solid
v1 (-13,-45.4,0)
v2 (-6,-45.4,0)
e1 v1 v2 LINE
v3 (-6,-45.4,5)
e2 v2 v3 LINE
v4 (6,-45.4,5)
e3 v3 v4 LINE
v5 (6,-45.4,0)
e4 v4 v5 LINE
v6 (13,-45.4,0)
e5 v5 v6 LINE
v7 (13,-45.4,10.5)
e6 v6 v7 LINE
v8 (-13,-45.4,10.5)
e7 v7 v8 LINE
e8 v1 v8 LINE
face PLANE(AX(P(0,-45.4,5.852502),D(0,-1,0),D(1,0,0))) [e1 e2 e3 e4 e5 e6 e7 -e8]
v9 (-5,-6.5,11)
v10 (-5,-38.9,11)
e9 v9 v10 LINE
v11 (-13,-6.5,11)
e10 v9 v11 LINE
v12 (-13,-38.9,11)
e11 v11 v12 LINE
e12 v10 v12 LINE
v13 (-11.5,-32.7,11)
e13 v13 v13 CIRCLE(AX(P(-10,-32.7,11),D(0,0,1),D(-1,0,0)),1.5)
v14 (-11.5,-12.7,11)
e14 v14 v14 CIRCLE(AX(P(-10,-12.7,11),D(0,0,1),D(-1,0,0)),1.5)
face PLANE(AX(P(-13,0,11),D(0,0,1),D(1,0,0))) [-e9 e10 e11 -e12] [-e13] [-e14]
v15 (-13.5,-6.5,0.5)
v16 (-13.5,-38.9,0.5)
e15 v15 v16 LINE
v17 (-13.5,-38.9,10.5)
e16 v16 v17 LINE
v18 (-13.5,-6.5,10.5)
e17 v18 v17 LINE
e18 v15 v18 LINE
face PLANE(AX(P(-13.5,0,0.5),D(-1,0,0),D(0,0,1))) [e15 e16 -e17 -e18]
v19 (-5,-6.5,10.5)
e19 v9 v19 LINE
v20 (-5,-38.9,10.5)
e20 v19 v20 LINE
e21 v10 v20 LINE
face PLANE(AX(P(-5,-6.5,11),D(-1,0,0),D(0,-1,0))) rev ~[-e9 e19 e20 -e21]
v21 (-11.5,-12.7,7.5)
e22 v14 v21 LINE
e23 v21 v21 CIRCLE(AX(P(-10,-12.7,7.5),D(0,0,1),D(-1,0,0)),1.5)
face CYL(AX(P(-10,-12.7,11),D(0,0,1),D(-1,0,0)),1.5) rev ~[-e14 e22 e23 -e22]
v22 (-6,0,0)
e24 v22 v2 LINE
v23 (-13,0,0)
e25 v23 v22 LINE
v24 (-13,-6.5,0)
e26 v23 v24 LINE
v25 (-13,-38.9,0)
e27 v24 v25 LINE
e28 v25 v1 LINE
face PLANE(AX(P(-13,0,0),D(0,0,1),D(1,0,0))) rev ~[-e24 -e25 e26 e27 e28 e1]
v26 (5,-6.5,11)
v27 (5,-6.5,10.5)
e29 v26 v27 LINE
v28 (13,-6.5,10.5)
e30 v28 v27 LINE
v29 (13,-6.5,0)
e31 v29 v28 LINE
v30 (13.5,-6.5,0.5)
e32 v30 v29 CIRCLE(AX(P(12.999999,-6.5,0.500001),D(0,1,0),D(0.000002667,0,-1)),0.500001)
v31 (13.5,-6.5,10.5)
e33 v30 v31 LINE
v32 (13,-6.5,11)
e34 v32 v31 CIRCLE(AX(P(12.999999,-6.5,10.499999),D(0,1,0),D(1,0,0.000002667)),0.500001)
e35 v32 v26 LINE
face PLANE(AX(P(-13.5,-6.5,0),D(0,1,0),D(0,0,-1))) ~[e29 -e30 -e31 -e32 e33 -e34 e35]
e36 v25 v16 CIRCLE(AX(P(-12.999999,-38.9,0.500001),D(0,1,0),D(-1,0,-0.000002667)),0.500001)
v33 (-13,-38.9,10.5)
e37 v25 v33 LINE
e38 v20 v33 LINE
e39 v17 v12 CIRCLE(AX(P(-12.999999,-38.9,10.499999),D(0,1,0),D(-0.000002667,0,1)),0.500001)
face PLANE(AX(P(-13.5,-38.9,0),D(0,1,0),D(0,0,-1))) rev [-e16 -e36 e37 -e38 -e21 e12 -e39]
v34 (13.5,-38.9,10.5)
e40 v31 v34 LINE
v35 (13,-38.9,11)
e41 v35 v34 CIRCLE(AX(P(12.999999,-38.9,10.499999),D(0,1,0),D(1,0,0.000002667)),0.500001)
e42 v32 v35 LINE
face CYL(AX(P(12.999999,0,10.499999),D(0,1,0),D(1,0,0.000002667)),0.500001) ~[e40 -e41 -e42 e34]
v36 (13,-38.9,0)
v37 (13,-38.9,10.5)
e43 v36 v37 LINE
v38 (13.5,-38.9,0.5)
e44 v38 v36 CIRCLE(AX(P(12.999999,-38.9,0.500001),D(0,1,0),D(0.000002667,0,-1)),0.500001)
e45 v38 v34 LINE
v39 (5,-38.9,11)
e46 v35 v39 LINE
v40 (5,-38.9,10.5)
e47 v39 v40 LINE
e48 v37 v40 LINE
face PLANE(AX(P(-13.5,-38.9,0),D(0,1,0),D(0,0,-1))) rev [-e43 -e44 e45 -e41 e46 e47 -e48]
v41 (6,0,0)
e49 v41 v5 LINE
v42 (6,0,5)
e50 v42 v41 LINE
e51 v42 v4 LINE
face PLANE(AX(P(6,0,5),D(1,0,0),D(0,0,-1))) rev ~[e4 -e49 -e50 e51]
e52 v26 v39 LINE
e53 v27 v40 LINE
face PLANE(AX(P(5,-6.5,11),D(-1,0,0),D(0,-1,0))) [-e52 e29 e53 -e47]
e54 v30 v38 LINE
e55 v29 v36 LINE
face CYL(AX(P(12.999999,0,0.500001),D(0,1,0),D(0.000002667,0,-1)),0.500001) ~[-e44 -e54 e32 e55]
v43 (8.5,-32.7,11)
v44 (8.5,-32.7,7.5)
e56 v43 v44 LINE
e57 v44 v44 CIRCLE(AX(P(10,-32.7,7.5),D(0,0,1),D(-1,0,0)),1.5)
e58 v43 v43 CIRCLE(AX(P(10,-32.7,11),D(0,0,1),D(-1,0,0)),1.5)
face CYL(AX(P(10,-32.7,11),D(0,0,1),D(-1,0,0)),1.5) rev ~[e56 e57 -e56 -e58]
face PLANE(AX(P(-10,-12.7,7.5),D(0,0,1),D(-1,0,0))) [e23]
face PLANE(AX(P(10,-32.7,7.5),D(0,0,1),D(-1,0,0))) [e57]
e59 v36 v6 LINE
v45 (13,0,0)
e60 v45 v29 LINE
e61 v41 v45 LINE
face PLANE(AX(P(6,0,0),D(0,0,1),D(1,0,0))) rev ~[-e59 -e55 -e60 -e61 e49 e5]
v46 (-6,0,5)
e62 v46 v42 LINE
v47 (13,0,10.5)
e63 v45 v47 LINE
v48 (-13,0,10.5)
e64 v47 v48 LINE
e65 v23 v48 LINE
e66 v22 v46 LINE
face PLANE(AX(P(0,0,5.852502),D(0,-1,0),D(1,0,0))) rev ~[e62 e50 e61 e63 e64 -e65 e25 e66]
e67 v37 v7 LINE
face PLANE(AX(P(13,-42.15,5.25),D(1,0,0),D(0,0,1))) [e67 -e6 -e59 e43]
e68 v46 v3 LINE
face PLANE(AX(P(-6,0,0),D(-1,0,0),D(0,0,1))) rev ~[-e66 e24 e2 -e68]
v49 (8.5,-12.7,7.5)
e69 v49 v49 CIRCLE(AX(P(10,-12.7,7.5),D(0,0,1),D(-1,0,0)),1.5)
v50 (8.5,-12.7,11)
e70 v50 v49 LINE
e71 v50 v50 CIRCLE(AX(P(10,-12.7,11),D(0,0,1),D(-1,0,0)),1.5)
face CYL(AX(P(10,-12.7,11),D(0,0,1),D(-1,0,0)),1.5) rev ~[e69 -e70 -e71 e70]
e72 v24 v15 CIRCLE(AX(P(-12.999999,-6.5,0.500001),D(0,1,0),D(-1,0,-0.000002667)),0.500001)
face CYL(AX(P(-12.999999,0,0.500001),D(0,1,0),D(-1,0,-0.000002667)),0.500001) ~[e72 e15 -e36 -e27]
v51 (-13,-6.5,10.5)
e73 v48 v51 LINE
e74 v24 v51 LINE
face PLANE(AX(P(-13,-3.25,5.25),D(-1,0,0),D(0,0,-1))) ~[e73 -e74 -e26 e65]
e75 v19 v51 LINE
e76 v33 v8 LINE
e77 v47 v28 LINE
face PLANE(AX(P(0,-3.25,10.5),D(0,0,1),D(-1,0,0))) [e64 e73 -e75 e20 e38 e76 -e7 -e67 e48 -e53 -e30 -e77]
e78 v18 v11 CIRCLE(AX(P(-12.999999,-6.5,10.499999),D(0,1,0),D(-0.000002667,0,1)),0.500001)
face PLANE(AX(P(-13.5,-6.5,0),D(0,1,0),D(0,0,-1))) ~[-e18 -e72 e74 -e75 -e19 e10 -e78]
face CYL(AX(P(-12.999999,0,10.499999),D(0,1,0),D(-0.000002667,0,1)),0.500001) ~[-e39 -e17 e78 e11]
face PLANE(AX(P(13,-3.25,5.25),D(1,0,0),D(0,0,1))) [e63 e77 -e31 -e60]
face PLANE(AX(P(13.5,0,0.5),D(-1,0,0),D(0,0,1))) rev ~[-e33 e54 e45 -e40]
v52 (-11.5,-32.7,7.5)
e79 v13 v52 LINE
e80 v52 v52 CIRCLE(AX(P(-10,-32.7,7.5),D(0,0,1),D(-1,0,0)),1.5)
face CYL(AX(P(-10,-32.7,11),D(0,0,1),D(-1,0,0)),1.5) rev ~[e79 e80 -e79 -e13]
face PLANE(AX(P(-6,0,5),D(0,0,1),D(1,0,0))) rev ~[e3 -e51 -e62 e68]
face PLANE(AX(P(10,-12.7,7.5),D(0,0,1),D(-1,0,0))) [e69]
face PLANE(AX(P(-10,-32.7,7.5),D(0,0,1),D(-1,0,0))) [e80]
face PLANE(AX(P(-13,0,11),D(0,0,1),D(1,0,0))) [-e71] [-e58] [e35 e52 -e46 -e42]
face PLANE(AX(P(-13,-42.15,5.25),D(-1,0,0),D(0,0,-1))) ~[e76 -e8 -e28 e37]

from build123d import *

# Parameters (mm, degrees)
PAD_DEPTH       = 45.4
SKETCH001_R     = 1.5
POCKET_DEPTH    = 3.5
SKETCH002_W     = 27
SKETCH002_H     = 6.5
POCKET001_DEPTH = 0.5
SKETCH003_W     = 10.5
SKETCH003_H     = 6.5
POCKET002_DEPTH = 0.5
SKETCH004_W     = 10
SKETCH004_H     = 32.4
POCKET003_DEPTH = 0.5


with BuildPart() as part:
    # Sketch → Pad (new body)
    with BuildSketch(Plane.XZ):
        with BuildLine():
            Line((-13, 0), (-6, 0))
            Line((-6, 0), (-6, 5))
            Line((-6, 5), (6, 5))
            Line((6, 5), (6, 0))
            Line((6, 0), (13, 0))
            ThreePointArc((13, 0), (13.353553, 0.146447), (13.5, 0.5))
            Line((13.5, 0.5), (13.5, 10.5))
            ThreePointArc((13.5, 10.5), (13.353553, 10.853553), (13, 11))
            Line((-13, 11), (13, 11))
            ThreePointArc((-13, 11), (-13.353553, 10.853553), (-13.5, 10.5))
            Line((-13.5, 0.5), (-13.5, 10.5))
            ThreePointArc((-13.5, 0.5), (-13.353553, 0.146447), (-13, 0))
        make_face()
    extrude(amount=PAD_DEPTH)

    # Sketch001 (on Face10 of Pad) → Pocket (cut)
    with BuildSketch(Plane(origin=(0, 0, 11), x_dir=(-1, 0, 0), z_dir=(0, 0, 1))):
        with Locations((-10, 12.7)):
            Circle(SKETCH001_R)
        with Locations((10, 12.7)):
            Circle(SKETCH001_R)
        with Locations((-10, 32.7)):
            Circle(SKETCH001_R)
        with Locations((10, 32.7)):
            Circle(SKETCH001_R)
    extrude(amount=-POCKET_DEPTH, mode=Mode.SUBTRACT)

    # Sketch002 (on Face14 of Pocket) → Pocket001 (cut)
    with BuildSketch(Plane(origin=(0, 0, 11), x_dir=(-1, 0, 0), z_dir=(0, 0, 1))):
        with Locations((0, 3.25)):
            Rectangle(SKETCH002_W, SKETCH002_H)
        with Locations((0, 42.15)):
            Rectangle(SKETCH002_W, SKETCH002_H)
    extrude(amount=-POCKET001_DEPTH, mode=Mode.SUBTRACT)

    # Sketch003 (on Face10 of Pocket001) → Pocket002 (cut)
    with BuildSketch(Plane(origin=(13.5, 0, 0), x_dir=(0, 0, 1), z_dir=(1, 0, 0))):
        with Locations((5.25, 42.15)):
            Rectangle(SKETCH003_W, SKETCH003_H)
        with Locations((5.25, 3.25)):
            Rectangle(SKETCH003_W, SKETCH003_H)
    pocket002 = extrude(amount=-POCKET002_DEPTH, mode=Mode.SUBTRACT)

    # Mirrored: Pocket002 across YZ
    add(pocket002.mirror(Plane.YZ), mode=Mode.SUBTRACT)

    # Sketch004 (on Face24 of Mirrored) → Pocket003 (cut)
    with BuildSketch(Plane(origin=(0, 0, 11), x_dir=(-1, 0, 0), z_dir=(0, 0, 1))):
        with Locations((0, 22.7)):
            Rectangle(SKETCH004_W, SKETCH004_H)
    extrude(amount=-POCKET003_DEPTH, mode=Mode.SUBTRACT)


solid = part.part
